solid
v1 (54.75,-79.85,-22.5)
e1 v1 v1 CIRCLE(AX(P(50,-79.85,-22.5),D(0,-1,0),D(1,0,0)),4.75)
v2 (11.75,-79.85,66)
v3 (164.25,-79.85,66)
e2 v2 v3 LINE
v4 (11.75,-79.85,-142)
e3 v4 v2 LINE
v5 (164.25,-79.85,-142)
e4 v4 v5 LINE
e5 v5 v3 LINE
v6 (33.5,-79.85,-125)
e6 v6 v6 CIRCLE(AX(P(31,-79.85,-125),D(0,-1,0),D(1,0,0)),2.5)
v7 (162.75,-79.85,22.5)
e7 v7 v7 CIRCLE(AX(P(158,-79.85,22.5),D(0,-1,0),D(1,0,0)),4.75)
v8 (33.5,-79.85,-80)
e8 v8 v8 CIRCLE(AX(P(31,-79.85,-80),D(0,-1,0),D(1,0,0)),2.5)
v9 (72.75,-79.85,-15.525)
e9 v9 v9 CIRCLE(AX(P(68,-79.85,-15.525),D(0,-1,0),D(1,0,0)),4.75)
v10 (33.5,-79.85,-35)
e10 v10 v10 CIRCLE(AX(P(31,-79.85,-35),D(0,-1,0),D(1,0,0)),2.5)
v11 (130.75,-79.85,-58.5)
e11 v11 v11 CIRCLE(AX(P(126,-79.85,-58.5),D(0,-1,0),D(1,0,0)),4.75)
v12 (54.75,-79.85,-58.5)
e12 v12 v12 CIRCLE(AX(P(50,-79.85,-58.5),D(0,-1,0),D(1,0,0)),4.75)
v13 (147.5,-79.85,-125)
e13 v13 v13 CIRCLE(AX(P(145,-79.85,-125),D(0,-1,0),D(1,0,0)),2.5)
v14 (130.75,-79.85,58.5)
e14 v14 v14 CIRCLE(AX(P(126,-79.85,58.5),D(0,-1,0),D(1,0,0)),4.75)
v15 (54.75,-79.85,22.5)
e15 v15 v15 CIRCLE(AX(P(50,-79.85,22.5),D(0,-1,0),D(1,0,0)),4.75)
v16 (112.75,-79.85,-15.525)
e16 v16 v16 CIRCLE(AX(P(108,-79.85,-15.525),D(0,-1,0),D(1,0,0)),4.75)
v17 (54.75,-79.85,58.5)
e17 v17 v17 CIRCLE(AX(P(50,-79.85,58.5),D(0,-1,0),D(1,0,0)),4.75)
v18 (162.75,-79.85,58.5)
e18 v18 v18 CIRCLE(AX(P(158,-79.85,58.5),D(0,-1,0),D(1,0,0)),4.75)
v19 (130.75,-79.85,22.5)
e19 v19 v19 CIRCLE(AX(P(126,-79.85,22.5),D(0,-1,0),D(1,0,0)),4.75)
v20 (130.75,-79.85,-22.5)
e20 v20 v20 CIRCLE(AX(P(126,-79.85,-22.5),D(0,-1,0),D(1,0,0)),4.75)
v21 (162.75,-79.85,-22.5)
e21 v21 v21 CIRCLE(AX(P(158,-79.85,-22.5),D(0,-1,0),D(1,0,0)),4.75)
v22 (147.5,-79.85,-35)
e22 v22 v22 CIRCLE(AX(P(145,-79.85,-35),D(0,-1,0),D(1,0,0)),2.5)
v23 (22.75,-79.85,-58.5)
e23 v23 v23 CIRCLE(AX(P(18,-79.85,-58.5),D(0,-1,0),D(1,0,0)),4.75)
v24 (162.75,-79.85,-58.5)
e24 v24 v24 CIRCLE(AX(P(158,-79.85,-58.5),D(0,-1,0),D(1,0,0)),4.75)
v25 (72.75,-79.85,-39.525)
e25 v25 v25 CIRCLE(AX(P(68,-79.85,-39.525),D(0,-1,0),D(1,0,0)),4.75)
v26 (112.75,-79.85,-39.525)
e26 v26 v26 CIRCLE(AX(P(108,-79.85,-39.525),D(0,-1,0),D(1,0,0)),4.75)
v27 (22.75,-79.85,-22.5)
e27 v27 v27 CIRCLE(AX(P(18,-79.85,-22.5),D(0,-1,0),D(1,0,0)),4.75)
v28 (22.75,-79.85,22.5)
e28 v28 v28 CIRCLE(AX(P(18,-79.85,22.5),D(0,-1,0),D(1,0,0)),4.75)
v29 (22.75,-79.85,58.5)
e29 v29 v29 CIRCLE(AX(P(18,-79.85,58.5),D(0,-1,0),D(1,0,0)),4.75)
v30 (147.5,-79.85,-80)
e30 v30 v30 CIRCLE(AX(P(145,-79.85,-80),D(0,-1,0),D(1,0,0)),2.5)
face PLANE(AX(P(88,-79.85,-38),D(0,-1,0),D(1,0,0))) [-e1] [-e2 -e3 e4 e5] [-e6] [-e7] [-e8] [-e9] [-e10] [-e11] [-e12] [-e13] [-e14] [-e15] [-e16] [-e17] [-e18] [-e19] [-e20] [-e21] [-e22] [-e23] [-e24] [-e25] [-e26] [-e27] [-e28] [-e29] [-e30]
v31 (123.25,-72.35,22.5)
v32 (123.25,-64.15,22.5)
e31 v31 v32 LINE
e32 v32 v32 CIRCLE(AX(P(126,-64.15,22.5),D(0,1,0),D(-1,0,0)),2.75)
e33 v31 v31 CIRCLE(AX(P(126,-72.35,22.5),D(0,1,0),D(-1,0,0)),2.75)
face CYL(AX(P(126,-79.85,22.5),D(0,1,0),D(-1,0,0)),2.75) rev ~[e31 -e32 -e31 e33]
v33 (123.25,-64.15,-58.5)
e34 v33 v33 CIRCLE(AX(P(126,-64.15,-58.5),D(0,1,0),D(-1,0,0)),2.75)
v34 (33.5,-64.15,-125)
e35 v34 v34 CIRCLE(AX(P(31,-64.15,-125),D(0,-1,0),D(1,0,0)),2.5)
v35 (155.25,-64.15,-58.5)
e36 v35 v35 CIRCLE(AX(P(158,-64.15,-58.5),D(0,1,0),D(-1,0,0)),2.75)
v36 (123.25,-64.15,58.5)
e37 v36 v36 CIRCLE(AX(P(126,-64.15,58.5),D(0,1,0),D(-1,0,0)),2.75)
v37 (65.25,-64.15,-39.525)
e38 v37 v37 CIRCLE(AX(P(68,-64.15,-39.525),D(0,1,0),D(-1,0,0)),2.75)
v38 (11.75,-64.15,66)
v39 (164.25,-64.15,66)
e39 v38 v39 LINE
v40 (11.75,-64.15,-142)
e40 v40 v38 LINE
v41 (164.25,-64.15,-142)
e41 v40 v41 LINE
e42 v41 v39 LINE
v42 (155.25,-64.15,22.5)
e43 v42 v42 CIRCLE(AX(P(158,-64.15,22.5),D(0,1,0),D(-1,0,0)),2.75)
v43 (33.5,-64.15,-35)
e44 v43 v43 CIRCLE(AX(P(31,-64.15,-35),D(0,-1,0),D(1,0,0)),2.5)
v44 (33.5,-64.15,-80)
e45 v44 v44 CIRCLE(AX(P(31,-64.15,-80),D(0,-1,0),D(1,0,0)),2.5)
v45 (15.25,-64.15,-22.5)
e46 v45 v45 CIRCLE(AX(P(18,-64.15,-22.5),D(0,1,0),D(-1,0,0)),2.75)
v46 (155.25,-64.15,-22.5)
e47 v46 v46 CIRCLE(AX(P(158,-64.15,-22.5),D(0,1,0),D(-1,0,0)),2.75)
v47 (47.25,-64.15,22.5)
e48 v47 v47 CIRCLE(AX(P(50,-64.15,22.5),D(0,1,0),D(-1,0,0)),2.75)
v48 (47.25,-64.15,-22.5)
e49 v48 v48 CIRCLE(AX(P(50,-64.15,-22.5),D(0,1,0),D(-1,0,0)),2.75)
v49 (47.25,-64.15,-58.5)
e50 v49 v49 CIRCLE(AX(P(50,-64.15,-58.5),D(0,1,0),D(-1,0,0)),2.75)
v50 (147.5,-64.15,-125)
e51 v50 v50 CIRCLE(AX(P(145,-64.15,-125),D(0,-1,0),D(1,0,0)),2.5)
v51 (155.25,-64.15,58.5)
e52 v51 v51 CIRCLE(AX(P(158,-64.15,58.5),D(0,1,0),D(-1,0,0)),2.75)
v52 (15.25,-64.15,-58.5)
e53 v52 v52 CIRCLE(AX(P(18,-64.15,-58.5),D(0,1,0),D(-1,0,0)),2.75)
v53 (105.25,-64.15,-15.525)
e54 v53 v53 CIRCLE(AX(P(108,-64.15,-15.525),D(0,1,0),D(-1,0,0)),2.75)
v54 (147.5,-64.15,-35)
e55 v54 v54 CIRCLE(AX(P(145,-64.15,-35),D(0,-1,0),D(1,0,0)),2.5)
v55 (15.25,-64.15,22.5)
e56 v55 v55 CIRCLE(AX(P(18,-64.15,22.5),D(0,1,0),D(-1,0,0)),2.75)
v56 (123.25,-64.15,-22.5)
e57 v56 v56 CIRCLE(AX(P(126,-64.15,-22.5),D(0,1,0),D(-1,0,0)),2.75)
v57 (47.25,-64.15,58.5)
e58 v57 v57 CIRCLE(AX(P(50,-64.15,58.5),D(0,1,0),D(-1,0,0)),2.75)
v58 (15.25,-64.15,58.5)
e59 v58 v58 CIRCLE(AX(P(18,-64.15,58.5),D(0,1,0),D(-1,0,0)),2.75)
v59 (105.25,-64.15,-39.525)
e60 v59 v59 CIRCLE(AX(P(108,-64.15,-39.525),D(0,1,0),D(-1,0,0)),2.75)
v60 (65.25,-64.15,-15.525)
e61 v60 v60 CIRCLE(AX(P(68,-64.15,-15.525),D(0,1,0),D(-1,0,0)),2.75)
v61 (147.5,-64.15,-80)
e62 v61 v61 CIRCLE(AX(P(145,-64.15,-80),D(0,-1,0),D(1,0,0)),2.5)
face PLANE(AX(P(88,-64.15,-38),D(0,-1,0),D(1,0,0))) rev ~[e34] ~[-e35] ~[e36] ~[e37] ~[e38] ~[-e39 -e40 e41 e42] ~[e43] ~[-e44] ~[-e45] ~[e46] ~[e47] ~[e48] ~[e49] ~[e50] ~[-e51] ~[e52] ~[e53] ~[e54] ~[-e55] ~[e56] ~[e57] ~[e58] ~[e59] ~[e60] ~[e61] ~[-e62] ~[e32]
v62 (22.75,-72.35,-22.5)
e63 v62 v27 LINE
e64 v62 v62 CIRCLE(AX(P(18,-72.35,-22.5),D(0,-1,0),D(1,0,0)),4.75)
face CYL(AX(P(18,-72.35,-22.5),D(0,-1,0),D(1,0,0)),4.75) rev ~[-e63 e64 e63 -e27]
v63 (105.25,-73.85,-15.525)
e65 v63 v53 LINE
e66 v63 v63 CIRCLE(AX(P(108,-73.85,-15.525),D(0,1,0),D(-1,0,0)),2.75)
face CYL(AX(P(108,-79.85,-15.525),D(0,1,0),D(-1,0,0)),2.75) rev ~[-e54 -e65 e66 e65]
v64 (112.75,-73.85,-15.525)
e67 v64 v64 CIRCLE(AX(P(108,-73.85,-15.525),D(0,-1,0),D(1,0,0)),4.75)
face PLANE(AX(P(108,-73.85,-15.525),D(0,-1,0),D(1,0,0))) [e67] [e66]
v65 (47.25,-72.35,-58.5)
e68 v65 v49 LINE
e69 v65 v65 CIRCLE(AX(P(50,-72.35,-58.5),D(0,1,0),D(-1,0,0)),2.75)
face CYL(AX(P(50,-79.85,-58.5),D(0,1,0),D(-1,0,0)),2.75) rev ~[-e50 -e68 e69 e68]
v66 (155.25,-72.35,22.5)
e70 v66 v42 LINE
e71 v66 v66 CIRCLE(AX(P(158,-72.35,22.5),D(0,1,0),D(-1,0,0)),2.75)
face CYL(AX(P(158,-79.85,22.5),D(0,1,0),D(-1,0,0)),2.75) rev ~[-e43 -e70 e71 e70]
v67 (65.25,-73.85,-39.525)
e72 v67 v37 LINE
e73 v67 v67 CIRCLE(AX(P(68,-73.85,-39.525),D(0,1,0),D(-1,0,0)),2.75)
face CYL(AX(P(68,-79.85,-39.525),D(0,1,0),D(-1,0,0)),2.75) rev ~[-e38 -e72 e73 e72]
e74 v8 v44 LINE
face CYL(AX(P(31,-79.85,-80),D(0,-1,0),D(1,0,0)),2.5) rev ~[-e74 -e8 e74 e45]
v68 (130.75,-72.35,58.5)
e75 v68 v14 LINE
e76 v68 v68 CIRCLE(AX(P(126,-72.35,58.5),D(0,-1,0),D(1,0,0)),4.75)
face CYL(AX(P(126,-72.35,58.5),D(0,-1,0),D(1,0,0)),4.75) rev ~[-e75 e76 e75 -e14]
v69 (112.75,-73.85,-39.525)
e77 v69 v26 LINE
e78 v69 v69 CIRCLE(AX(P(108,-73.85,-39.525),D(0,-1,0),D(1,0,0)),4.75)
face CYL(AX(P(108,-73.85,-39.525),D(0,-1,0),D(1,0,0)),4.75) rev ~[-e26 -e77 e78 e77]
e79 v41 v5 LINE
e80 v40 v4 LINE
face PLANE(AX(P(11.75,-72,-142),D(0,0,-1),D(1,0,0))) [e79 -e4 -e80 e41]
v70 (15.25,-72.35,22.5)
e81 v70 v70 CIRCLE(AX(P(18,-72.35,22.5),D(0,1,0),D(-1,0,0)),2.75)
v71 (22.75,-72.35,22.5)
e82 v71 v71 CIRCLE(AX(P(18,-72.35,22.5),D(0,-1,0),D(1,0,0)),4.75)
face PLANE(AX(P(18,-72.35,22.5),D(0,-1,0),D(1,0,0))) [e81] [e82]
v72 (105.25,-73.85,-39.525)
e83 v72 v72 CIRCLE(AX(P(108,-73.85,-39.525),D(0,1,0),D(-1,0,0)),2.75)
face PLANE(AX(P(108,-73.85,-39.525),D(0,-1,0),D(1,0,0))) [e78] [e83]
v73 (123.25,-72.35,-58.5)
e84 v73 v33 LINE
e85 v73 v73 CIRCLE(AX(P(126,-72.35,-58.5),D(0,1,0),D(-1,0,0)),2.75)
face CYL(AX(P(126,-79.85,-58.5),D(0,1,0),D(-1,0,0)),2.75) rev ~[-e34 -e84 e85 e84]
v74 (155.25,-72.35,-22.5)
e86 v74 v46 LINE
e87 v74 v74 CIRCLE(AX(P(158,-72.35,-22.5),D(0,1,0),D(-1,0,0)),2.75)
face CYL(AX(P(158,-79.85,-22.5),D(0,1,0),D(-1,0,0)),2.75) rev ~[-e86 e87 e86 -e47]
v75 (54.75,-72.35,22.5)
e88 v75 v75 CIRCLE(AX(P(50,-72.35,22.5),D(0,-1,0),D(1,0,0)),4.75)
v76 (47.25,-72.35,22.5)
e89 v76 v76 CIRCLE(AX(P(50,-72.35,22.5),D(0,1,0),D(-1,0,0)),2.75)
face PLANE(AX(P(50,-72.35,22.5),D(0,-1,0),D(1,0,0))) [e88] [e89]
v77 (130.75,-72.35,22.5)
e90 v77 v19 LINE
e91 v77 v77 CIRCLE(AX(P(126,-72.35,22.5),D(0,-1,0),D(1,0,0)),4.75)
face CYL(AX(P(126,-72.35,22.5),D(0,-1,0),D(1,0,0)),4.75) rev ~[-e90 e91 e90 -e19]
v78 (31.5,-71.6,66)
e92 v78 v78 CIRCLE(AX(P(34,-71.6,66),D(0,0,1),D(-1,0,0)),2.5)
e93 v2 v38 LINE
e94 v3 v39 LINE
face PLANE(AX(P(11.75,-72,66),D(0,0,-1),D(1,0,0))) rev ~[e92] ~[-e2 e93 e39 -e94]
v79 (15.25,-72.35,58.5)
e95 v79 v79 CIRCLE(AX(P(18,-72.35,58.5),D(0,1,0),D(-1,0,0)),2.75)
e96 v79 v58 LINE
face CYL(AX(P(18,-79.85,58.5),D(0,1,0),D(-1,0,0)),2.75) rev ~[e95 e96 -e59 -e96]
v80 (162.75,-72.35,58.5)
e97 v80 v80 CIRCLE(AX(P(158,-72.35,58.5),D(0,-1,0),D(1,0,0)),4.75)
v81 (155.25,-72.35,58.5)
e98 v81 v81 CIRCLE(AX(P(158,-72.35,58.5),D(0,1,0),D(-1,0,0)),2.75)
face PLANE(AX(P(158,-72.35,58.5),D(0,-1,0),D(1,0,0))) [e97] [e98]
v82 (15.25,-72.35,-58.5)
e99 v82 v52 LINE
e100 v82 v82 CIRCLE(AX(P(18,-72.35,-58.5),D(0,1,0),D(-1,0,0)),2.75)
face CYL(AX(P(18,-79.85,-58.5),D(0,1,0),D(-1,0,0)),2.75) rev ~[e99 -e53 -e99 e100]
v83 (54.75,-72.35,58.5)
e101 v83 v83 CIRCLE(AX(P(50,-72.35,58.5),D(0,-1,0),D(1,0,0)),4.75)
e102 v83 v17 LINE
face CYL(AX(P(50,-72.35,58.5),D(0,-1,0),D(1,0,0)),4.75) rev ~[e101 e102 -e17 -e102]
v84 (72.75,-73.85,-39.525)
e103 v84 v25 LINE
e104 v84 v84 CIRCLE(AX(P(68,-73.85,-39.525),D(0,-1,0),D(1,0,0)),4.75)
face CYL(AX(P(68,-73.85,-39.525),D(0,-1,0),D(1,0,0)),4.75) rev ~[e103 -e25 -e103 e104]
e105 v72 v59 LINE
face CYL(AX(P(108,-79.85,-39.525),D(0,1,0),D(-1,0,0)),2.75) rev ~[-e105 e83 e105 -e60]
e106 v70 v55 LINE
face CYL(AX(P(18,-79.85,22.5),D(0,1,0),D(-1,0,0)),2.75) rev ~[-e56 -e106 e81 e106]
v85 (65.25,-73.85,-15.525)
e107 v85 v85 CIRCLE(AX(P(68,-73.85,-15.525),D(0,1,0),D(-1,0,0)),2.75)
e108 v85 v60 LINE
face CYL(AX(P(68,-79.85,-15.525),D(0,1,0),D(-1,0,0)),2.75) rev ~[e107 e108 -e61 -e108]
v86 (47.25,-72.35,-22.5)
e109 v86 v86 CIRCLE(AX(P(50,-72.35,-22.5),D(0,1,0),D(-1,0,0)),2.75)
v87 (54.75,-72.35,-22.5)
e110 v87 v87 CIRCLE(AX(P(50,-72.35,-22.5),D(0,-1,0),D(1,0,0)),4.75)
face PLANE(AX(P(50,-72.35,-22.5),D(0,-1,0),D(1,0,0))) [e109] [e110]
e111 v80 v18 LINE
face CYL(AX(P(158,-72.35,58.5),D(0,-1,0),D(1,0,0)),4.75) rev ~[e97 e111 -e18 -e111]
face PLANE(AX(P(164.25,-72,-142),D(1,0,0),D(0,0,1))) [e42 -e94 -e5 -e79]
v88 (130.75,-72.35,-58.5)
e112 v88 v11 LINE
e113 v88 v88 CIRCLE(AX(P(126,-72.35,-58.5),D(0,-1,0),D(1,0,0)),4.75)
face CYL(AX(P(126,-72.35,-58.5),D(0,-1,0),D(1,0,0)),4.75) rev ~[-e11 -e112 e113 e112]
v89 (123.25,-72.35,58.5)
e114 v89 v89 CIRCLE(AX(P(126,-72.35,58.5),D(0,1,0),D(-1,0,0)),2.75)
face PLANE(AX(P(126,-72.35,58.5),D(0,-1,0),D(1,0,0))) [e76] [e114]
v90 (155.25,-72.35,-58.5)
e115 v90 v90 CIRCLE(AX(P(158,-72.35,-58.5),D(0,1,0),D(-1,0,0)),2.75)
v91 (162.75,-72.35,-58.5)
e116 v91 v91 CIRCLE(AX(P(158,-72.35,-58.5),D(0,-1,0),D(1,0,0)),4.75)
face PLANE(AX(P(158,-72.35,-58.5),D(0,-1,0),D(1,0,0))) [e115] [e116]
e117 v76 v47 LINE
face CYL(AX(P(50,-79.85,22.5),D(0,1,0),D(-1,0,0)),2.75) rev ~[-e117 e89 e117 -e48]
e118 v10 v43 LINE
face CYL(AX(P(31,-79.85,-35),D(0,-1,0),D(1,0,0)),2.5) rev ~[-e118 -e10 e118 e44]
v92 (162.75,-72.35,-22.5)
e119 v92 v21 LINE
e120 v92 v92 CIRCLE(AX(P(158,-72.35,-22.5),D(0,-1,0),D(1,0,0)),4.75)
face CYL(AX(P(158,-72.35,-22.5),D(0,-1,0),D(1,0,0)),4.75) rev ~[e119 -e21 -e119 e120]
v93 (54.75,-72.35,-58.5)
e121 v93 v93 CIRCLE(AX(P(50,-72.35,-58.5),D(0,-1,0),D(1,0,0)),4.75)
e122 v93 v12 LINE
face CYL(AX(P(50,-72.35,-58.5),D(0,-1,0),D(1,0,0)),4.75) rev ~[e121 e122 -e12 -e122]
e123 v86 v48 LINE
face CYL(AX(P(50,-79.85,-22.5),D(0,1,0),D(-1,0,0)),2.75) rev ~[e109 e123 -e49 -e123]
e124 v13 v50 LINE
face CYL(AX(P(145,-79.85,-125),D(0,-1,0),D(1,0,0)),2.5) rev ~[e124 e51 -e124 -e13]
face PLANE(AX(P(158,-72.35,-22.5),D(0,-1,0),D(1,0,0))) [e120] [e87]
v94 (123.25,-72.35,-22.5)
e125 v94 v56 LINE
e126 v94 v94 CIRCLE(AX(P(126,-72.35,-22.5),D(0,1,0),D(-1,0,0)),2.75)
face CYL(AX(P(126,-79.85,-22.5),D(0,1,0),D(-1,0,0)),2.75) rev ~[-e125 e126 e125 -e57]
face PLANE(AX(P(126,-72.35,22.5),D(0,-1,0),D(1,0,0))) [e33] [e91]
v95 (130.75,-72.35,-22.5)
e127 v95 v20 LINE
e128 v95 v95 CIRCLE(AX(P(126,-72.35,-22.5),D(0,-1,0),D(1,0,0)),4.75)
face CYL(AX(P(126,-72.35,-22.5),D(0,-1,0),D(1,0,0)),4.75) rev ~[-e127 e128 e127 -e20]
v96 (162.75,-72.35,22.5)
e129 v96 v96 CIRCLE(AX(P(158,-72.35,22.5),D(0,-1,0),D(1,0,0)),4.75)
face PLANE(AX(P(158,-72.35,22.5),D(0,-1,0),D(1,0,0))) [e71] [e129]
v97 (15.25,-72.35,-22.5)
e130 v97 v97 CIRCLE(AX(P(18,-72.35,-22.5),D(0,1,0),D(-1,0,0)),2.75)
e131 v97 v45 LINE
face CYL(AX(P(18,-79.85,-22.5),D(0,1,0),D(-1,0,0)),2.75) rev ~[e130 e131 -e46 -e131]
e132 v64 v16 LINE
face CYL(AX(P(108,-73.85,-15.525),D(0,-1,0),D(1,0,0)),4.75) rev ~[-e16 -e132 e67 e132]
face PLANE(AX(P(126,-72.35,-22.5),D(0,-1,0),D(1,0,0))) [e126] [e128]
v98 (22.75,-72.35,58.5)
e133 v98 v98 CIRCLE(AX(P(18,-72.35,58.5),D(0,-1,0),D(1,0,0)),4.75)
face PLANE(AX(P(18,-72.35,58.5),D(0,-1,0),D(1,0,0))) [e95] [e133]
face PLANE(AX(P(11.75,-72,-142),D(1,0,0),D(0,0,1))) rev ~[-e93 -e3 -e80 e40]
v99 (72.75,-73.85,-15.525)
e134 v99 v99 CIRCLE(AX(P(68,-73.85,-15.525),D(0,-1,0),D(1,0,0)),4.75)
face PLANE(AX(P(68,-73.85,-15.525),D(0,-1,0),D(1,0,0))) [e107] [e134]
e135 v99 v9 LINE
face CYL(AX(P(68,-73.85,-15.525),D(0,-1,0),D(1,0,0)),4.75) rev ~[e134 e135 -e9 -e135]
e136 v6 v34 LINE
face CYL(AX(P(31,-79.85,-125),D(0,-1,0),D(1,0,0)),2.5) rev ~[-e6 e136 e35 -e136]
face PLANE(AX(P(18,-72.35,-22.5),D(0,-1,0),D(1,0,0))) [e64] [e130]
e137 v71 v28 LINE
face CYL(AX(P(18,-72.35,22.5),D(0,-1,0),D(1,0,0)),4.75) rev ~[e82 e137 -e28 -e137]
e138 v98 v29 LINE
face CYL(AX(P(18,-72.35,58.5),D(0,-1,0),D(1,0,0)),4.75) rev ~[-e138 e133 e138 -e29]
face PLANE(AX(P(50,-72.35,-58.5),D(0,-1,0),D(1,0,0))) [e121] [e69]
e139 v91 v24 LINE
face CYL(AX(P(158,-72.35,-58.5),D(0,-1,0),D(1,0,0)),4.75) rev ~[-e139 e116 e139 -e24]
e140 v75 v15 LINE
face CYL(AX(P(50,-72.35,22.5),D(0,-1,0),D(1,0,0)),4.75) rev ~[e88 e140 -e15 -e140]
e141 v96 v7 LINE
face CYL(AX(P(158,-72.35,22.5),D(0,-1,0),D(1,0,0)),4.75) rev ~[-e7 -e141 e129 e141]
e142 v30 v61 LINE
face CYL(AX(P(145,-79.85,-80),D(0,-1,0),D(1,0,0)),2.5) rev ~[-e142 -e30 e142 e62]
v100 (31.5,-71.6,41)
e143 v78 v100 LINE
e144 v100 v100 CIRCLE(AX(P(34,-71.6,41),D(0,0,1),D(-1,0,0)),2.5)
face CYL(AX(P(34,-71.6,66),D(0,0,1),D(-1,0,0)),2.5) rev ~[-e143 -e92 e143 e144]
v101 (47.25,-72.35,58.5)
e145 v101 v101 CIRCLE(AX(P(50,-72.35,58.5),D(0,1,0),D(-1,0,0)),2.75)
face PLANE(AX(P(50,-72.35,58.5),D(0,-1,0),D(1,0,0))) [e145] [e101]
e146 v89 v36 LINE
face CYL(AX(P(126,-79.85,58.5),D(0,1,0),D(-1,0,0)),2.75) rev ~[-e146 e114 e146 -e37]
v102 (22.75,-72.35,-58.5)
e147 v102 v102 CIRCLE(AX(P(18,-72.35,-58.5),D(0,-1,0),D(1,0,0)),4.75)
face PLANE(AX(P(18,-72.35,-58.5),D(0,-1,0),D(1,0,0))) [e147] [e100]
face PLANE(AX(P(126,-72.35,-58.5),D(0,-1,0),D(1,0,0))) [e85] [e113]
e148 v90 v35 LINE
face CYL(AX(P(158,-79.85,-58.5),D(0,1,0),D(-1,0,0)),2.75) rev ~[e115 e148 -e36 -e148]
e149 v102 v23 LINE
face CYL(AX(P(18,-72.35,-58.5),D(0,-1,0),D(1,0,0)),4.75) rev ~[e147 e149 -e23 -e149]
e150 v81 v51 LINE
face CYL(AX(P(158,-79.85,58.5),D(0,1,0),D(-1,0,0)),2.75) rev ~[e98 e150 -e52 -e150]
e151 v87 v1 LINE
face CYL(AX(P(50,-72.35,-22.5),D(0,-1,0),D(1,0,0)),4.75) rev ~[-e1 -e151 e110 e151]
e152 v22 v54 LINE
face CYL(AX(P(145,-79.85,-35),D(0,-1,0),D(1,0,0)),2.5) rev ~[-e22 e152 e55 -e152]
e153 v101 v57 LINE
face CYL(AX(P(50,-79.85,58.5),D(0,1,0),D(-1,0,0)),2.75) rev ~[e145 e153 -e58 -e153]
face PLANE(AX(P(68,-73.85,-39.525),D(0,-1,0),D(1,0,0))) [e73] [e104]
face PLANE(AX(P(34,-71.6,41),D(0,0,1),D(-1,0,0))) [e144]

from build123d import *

# Parameters (mm, degrees)
SKETCH003_W         = 152.5
SKETCH003_H         = 208
PAD001_DEPTH        = 7.85
HOLE_D              = 5.5
HOLE_CBORE_D        = 9.5
HOLE_CBORE_DEPTH    = 7.5
HOLE001_D           = 5.5
HOLE001_CBORE_D     = 9.5
HOLE001_CBORE_DEPTH = 6
SKETCH012_R         = 2.5
POCKET003_DEPTH     = 15.701
SKETCH016_R         = 2.5
POCKET006_DEPTH     = 25


with BuildPart() as part:
    # Sketch003 → Pad001 (new body, symmetric)
    with BuildSketch(Plane.XZ):
        with Locations((0, -38)):
            Rectangle(SKETCH003_W, SKETCH003_H)
    extrude(amount=PAD001_DEPTH, both=True)

    # Hole (through all)
    with Locations(Plane.XZ.offset(7.85)):
        with Locations((-70, 58.5), (-38, 58.5), (-70, 22.5), (-38, 22.5), (-70, -22.5), (-38, -22.5), (-70, -58.5), (-38, -58.5), (38, -22.5), (70, -22.5), (38, -58.5), (70, -58.5), (38, 22.5), (70, 22.5), (38, 58.5), (70, 58.5)):
            CounterBoreHole(HOLE_D / 2, HOLE_CBORE_D / 2, HOLE_CBORE_DEPTH)

    # Hole001 (through all)
    with Locations(Plane.XZ.offset(7.85)):
        with Locations((-20, -15.525), (20, -15.525), (-20, -39.525), (20, -39.525)):
            CounterBoreHole(HOLE001_D / 2, HOLE001_CBORE_D / 2, HOLE001_CBORE_DEPTH)

    # Sketch012 → Pocket003 (cut, through all)
    with BuildSketch(Plane.XZ.offset(7.85)):
        with Locations((-57, -80)):
            Circle(SKETCH012_R)
        with Locations((-57, -125)):
            Circle(SKETCH012_R)
        with Locations((57, -80)):
            Circle(SKETCH012_R)
        with Locations((57, -125)):
            Circle(SKETCH012_R)
        with Locations((-57, -35)):
            Circle(SKETCH012_R)
        with Locations((57, -35)):
            Circle(SKETCH012_R)
    extrude(amount=-POCKET003_DEPTH, mode=Mode.SUBTRACT)

    # Sketch016 (on Face1 of Pocket003) → Pocket006 (cut)
    with BuildSketch(Plane(origin=(0, 0, 66), x_dir=(-1, 0, 0), z_dir=(0, 0, 1))):
        with Locations((54, -0.4)):
            Circle(SKETCH016_R)
    extrude(amount=-POCKET006_DEPTH, mode=Mode.SUBTRACT)


with BuildPart() as part_1:
    # Body001 placement: moved
    add(part.part.moved(Location((88, -72, 0))))


solid = part_1.part
